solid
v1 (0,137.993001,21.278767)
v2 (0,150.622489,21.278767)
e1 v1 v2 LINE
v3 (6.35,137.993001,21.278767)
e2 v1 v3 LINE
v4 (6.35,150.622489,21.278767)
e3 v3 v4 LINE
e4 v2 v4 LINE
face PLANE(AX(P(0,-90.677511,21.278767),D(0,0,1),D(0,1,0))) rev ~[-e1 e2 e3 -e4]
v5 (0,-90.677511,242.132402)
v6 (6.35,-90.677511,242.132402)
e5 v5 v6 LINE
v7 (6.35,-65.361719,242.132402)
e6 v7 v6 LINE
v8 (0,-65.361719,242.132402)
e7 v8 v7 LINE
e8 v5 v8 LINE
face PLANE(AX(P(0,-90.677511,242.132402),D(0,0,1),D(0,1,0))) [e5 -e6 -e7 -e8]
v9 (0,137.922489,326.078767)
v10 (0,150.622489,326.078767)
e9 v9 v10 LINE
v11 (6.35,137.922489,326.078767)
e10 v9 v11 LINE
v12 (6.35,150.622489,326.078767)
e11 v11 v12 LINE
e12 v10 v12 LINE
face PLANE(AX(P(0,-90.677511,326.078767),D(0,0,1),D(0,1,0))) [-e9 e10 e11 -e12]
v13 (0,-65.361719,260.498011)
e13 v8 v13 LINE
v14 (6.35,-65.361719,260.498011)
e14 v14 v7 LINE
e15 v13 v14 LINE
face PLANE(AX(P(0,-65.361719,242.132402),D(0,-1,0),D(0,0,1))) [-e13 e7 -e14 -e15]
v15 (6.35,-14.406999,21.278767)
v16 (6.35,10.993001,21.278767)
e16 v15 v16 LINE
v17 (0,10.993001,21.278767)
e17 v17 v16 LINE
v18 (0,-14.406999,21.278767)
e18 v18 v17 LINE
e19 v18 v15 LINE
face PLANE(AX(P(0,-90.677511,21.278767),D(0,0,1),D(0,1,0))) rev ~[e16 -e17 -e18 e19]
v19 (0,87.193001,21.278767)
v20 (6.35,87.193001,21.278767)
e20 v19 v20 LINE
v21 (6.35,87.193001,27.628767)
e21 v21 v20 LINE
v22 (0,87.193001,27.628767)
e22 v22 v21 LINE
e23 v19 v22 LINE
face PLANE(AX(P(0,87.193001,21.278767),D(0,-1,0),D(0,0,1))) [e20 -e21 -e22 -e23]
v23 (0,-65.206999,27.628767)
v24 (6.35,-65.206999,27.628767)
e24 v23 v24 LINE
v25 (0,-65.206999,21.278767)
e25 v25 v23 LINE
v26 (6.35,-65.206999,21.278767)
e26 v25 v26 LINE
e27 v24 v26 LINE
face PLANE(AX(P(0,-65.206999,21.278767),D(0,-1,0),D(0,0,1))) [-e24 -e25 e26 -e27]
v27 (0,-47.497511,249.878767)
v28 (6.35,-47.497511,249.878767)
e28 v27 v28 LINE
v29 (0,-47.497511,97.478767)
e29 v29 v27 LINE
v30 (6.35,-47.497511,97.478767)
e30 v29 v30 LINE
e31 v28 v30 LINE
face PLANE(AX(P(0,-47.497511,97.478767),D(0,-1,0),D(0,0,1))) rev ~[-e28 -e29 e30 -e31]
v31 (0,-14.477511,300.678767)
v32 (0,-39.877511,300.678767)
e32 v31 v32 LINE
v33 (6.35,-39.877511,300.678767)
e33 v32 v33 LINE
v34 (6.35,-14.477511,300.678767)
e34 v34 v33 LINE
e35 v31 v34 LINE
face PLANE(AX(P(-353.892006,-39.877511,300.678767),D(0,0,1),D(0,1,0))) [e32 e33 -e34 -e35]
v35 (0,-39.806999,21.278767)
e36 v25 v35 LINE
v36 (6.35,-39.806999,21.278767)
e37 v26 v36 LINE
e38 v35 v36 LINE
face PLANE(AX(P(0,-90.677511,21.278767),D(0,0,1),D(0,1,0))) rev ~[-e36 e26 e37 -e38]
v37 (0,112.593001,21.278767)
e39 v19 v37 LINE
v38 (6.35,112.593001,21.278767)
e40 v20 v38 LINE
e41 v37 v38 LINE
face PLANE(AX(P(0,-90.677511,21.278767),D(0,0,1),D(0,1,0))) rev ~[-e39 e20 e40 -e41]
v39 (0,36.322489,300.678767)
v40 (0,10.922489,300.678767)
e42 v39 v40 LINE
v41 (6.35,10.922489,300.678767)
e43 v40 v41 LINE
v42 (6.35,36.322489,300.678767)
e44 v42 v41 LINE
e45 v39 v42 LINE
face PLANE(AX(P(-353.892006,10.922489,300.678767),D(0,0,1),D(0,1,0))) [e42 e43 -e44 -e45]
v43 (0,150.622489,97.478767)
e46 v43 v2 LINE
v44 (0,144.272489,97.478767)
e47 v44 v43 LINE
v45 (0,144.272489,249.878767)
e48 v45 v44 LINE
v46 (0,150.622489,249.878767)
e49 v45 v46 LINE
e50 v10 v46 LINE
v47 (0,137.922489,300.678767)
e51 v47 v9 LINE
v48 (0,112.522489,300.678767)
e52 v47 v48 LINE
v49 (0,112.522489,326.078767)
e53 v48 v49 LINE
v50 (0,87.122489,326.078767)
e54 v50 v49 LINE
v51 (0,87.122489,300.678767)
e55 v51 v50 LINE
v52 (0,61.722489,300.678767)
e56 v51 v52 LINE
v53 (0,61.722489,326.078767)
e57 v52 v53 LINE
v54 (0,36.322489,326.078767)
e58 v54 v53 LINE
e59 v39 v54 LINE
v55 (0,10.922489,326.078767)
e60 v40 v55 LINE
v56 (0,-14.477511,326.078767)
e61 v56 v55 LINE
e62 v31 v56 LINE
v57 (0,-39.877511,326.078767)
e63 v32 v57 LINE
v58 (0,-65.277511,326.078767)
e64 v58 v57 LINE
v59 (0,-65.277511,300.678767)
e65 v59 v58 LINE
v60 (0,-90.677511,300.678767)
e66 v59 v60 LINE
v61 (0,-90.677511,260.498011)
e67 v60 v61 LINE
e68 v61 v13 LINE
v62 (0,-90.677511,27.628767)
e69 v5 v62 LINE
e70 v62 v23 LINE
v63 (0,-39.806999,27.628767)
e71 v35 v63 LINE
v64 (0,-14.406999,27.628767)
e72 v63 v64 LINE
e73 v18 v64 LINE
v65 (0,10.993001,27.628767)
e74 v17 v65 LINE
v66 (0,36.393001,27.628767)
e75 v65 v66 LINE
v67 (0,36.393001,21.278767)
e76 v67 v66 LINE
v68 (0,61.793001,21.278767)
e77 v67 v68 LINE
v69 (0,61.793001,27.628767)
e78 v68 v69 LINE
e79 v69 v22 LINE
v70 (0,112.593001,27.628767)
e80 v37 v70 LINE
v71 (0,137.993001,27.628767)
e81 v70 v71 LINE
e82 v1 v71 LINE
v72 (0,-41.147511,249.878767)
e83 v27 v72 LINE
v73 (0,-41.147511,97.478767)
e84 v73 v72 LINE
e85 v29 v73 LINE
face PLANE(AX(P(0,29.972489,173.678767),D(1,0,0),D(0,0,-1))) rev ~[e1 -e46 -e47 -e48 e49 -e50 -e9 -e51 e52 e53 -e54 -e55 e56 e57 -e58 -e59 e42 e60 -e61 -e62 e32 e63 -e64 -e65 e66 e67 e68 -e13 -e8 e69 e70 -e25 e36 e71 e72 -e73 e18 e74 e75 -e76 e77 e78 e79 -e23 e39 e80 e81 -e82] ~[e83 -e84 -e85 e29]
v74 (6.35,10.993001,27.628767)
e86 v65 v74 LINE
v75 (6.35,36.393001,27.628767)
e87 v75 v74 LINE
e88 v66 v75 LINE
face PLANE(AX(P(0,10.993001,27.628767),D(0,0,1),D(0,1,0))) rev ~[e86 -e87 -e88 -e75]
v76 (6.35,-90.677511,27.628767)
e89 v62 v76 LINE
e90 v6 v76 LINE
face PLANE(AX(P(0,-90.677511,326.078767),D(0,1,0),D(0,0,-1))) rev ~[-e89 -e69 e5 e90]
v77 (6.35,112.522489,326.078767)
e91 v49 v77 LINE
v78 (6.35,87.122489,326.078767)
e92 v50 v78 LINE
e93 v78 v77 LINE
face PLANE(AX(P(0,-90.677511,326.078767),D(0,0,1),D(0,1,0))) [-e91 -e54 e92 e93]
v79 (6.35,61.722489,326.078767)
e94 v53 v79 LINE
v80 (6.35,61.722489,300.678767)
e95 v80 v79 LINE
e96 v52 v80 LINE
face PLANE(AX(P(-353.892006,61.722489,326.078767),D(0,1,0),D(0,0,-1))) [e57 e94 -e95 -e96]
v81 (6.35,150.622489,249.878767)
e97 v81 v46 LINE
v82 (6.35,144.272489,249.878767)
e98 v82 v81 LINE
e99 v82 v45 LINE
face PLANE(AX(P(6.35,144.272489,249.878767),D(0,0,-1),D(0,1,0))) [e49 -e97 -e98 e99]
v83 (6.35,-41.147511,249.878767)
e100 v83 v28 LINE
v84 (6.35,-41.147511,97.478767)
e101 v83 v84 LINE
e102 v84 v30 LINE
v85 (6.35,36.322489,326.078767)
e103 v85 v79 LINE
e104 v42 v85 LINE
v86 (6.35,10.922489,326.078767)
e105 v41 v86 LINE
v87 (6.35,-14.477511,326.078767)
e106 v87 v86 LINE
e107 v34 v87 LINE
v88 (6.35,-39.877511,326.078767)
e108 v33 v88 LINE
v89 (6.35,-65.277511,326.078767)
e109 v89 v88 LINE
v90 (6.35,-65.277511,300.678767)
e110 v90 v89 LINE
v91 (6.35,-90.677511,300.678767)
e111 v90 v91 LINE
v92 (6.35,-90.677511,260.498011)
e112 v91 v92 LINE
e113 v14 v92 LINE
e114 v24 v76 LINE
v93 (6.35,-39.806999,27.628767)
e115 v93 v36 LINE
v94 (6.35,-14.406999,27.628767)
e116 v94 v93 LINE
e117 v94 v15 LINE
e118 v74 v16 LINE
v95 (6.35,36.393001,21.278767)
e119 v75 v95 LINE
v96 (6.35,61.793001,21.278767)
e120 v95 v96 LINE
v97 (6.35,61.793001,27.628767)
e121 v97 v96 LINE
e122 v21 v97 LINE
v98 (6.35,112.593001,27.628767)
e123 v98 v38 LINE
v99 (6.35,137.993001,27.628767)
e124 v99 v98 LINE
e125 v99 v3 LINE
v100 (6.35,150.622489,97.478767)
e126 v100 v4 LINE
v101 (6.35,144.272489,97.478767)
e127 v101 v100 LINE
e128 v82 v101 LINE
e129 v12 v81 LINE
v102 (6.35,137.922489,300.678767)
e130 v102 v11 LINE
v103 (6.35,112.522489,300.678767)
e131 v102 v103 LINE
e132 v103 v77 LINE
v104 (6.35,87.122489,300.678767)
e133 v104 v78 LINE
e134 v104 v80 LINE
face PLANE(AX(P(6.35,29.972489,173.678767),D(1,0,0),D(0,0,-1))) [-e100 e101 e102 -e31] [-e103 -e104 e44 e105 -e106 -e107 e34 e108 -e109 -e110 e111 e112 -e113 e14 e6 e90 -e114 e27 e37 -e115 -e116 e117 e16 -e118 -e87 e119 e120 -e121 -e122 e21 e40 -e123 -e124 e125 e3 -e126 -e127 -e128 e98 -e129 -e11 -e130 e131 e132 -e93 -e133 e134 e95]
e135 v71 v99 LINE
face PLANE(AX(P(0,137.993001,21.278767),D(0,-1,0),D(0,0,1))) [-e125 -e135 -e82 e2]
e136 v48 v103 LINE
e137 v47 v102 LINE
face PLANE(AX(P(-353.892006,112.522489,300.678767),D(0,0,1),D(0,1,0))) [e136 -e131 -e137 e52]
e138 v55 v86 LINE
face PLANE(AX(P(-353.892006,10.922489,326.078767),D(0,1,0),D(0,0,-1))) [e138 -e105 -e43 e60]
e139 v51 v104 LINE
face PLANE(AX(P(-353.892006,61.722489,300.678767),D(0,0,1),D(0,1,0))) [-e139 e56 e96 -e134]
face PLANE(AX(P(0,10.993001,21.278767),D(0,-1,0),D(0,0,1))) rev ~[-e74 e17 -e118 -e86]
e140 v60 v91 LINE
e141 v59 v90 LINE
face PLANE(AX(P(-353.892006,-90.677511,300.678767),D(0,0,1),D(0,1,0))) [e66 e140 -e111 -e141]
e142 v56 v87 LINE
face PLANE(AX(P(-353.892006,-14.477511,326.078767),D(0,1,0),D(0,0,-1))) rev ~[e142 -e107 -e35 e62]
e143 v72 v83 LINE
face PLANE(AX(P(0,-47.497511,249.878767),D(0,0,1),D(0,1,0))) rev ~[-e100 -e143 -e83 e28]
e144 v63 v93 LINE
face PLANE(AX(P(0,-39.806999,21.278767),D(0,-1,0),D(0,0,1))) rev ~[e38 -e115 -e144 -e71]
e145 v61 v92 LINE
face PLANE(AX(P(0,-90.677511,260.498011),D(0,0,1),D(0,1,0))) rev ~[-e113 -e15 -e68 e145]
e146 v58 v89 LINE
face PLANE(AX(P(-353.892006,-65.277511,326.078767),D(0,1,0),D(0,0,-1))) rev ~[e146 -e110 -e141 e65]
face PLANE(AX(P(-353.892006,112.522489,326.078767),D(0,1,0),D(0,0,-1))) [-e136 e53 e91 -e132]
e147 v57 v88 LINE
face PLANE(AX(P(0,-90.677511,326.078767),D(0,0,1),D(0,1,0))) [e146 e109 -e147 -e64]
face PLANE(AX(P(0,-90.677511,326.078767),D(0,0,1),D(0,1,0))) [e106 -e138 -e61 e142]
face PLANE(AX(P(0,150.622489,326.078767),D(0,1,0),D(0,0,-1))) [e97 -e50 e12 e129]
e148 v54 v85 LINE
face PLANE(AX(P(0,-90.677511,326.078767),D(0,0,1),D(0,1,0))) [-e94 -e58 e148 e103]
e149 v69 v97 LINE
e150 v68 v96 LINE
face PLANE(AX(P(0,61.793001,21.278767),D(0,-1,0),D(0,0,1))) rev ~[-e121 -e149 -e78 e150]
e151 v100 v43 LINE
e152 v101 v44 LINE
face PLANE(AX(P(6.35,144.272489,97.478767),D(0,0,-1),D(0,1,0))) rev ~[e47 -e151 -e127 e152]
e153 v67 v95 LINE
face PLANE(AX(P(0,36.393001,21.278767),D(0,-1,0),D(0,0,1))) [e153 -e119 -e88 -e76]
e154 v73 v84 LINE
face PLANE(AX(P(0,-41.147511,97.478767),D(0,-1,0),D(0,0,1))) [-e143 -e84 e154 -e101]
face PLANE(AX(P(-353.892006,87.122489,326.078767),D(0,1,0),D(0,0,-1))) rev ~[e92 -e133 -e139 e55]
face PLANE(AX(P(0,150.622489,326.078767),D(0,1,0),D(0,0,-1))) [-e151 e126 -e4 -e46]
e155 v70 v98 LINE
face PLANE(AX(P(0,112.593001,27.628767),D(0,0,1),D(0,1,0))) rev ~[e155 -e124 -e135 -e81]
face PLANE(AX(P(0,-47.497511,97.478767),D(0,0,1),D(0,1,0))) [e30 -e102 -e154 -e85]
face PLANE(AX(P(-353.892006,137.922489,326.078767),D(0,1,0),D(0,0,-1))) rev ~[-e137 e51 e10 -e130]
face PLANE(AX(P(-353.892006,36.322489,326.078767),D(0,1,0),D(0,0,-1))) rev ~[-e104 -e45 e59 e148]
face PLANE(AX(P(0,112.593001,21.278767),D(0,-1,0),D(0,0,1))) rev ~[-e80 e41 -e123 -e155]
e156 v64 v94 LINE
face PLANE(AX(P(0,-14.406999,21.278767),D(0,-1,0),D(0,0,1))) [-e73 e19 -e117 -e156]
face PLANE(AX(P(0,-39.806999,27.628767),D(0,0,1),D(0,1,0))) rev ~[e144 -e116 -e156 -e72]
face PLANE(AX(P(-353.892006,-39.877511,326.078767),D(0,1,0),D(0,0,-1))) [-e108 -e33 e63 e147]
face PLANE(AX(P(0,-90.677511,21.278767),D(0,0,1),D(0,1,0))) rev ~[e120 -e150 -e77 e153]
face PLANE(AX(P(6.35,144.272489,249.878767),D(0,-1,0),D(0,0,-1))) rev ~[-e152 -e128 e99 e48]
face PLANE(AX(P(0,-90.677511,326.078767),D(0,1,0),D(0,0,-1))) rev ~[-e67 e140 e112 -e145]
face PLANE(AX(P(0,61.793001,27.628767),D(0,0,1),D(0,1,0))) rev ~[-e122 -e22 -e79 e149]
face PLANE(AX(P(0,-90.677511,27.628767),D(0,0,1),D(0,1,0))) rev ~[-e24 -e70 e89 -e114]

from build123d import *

# Parameters (mm, degrees)
SKETCH1_W                = 304.8
SKETCH1_H                = 241.3
BOSS_EXTRUDE4_DEPTH      = 6.35
SKETCH3_W                = 6.35
SKETCH3_H                = 25.470512821
SKETCH3_H_2              = 25.4
SMALL_TEETH_CUT_DEPTH    = 7.62
BIG_TEETH_CUT_DEPTH      = 360.242006362
BIG_TEETH_CUT_DEPTH_BACK = 360.242006362
BIG_TEETH_W              = 25.4
BIG_TEETH_H              = 25.4
SKETCH4_W                = 152.4
SKETCH4_H                = 6.35
CUT_EXTRUDE1_DEPTH       = 360.242006362
SKETCH5_W                = 18.365609198
SKETCH5_H                = 25.315792254
CUT_EXTRUDE2_DEPTH       = 360.242006362
SKETCH6_W                = 152.4
SKETCH6_H                = 6.35
CUT_EXTRUDE3_DEPTH       = 360.242006362


with BuildPart() as part:
    # Sketch1 → Boss-Extrude4 (new body)
    with BuildSketch(Plane(origin=(0, 0, 0), x_dir=(0, 0, -1), z_dir=(1, 0, 0))):
        with Locations((-173.678767452, 29.972488533)):
            Rectangle(SKETCH1_W, SKETCH1_H)
    extrude(amount=BOSS_EXTRUDE4_DEPTH)

    # Sketch3 → Small_teeth_cut (cut)
    with BuildSketch(Plane.ZY):
        with Locations((24.453767452, -77.942255057)):
            Rectangle(SKETCH3_W, SKETCH3_H)
        with Locations((24.453767452, -27.106998646)):
            Rectangle(SKETCH3_W, SKETCH3_H_2)
        with Locations((24.453767452, 23.693001354)):
            Rectangle(SKETCH3_W, SKETCH3_H_2)
        with Locations((24.453767452, 74.493001354)):
            Rectangle(SKETCH3_W, SKETCH3_H_2)
        with Locations((24.453767452, 125.293001354)):
            Rectangle(SKETCH3_W, SKETCH3_H_2)
    extrude(amount=-SMALL_TEETH_CUT_DEPTH, mode=Mode.SUBTRACT)

    # big teeth → Big_teeth_cut (cut, two sides: drawn at the far end of the back side and taken through both)
    with BuildSketch(Plane(origin=(6.35, 0, 0), x_dir=(0, 0, -1), z_dir=(1, 0, 0)).offset(-BIG_TEETH_CUT_DEPTH_BACK)):
        with Locations((-313.378767452, -77.977511467)):
            Rectangle(BIG_TEETH_W, BIG_TEETH_H)
        with Locations((-313.378767452, -27.177511467)):
            Rectangle(BIG_TEETH_W, BIG_TEETH_H)
        with Locations((-313.378767452, 23.622488533)):
            Rectangle(BIG_TEETH_W, BIG_TEETH_H)
        with Locations((-313.378767452, 74.422488533)):
            Rectangle(BIG_TEETH_W, BIG_TEETH_H)
        with Locations((-313.378767452, 125.222488533)):
            Rectangle(BIG_TEETH_W, BIG_TEETH_H)
    extrude(amount=BIG_TEETH_CUT_DEPTH + BIG_TEETH_CUT_DEPTH_BACK, mode=Mode.SUBTRACT)

    # Sketch4 → Cut-Extrude1 (cut, through all)
    with BuildSketch(Plane(origin=(6.35, 0, 0), x_dir=(0, 0, -1), z_dir=(1, 0, 0))):
        with Locations((-173.678767452, 147.447488533)):
            Rectangle(SKETCH4_W, SKETCH4_H)
    extrude(amount=-CUT_EXTRUDE1_DEPTH, mode=Mode.SUBTRACT)

    # Sketch5 → Cut-Extrude2 (cut, through all)
    with BuildSketch(Plane.ZY):
        with Locations((251.315206335, -78.01961534)):
            Rectangle(SKETCH5_W, SKETCH5_H)
    extrude(amount=-CUT_EXTRUDE2_DEPTH, mode=Mode.SUBTRACT)

    # Sketch6 → Cut-Extrude3 (cut, through all)
    with BuildSketch(Plane.ZY):
        with Locations((173.678767452, -44.322511467)):
            Rectangle(SKETCH6_W, SKETCH6_H)
    extrude(amount=-CUT_EXTRUDE3_DEPTH, mode=Mode.SUBTRACT)


solid = part.part
